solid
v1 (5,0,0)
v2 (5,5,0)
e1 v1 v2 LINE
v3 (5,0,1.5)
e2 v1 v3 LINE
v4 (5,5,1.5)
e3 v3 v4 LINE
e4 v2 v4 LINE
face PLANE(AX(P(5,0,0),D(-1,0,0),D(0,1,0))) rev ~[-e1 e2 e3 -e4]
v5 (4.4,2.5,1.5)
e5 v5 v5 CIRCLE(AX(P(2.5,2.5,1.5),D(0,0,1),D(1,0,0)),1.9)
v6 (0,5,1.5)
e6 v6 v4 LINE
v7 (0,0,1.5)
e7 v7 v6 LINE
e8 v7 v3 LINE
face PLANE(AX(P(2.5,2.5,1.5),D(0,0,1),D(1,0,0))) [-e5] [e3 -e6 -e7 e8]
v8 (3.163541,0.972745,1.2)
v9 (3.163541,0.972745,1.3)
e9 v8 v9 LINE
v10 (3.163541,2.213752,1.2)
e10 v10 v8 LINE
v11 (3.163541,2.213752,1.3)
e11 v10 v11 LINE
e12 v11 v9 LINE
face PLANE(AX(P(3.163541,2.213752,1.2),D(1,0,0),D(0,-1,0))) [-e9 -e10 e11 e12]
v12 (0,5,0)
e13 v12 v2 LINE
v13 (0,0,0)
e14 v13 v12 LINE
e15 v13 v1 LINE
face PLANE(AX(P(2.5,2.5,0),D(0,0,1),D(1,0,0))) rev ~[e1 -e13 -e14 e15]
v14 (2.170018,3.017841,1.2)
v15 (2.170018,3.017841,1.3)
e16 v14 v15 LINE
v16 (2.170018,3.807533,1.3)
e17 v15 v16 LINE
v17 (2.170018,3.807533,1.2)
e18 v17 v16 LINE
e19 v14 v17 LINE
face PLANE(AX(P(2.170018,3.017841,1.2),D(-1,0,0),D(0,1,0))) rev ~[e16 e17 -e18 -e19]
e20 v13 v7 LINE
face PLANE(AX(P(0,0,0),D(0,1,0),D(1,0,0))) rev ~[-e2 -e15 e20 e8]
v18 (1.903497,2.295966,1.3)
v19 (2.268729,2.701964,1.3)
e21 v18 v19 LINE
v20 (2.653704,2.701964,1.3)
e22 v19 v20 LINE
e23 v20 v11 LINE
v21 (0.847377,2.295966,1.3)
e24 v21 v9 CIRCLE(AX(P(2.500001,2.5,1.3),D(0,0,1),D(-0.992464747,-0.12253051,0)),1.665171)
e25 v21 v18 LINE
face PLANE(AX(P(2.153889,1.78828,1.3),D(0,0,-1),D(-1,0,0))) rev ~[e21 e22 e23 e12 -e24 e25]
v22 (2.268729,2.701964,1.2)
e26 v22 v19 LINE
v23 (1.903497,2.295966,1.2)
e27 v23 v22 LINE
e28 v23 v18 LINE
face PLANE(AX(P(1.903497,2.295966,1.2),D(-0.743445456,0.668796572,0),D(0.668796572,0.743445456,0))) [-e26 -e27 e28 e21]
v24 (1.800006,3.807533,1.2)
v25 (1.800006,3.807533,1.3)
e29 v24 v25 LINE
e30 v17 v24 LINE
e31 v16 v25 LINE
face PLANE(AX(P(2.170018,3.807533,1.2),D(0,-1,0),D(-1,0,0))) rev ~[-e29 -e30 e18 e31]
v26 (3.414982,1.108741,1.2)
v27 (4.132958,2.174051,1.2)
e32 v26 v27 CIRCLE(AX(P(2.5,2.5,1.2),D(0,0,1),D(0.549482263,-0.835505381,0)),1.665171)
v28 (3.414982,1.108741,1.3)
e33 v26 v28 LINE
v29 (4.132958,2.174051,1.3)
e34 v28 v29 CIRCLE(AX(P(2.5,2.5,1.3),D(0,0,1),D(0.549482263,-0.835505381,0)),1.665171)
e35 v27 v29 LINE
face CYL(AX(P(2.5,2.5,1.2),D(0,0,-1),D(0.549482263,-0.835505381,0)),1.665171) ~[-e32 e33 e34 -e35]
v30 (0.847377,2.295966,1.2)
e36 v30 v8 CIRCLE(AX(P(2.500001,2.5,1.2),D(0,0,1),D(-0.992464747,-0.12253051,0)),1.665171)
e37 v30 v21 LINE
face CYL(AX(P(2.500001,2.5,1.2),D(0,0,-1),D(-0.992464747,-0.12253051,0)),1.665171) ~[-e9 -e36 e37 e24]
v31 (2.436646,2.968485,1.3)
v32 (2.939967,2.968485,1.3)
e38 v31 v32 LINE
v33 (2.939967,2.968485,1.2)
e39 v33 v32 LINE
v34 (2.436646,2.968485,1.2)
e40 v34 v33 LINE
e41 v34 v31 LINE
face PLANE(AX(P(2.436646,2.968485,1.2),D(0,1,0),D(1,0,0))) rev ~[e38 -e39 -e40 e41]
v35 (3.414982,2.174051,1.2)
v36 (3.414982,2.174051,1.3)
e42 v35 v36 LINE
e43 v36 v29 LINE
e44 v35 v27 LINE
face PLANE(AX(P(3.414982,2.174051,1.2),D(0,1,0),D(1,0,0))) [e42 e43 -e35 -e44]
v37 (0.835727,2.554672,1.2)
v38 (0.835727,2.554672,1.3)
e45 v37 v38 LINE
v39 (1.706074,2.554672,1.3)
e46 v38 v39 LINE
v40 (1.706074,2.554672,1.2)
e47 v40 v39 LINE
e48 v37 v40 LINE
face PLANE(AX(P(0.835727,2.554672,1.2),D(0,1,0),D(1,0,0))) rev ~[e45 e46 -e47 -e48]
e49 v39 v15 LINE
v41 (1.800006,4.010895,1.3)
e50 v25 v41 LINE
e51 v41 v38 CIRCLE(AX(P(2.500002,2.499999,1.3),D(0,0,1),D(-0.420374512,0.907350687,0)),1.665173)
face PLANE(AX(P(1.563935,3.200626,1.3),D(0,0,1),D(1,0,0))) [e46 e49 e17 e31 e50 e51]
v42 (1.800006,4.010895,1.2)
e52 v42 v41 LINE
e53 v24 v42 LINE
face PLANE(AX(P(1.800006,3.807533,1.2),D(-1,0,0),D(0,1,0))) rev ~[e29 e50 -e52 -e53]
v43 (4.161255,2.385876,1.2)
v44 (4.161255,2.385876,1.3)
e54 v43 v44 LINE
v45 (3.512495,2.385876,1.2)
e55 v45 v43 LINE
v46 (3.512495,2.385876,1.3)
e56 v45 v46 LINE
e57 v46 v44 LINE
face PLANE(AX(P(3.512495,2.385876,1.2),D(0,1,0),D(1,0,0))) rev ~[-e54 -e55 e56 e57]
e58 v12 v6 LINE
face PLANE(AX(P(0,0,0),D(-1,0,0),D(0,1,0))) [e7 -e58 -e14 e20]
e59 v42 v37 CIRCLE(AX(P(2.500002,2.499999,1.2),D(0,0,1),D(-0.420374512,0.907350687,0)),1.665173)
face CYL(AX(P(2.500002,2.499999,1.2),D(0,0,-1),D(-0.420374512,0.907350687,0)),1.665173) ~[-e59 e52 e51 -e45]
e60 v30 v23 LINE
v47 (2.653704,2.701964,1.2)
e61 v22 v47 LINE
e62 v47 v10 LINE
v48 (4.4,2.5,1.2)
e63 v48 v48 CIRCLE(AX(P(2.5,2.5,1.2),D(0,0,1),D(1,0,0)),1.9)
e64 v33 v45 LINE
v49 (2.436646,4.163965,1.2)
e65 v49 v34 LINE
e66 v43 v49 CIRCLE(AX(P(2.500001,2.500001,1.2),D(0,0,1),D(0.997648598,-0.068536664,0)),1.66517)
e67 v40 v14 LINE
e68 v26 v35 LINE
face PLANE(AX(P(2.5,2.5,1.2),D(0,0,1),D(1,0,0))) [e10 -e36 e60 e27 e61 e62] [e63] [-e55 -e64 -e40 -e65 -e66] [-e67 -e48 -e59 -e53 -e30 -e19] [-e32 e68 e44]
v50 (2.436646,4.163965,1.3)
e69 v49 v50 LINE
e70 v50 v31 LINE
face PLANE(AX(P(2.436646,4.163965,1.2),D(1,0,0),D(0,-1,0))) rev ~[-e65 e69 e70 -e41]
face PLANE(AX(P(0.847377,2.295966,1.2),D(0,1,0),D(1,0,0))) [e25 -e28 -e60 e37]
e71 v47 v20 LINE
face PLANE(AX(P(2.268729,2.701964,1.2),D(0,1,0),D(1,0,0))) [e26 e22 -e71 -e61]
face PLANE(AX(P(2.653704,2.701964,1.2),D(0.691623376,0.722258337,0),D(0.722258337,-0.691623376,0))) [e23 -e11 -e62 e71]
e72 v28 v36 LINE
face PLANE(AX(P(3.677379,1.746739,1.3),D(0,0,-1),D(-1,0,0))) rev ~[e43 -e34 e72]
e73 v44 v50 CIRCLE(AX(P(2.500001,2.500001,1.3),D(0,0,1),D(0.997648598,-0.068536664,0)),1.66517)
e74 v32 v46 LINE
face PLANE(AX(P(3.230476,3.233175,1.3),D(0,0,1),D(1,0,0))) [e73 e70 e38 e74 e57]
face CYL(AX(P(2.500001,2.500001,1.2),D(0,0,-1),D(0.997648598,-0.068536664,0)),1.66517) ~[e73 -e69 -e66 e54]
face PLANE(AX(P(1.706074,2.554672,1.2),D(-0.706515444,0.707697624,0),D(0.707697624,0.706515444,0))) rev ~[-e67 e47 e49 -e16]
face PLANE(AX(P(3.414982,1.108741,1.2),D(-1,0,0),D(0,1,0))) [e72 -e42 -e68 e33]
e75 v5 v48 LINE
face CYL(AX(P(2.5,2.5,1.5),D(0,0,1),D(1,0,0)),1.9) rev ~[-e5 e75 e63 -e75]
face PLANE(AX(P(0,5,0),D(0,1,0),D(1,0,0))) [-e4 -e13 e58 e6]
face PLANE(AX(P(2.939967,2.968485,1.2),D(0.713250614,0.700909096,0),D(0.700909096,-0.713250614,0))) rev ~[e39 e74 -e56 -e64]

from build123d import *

# Parameters (mm, degrees)
SKETCH_W     = 5
SKETCH_H     = 5
PAD_DEPTH    = 1.5
SKETCH001_R  = 1.9
POCKET_DEPTH = 0.3
PAD001_DEPTH = 0.1


with BuildPart() as part:
    # Sketch → Pad (new body)
    with BuildSketch(Plane.XY):
        with Locations((2.5, 2.5)):
            Rectangle(SKETCH_W, SKETCH_H)
    extrude(amount=PAD_DEPTH)

    # Sketch001 → Pocket (cut)
    with BuildSketch(Plane.XY.offset(1.5)):
        with Locations((2.5, 2.5)):
            Circle(SKETCH001_R)
    extrude(amount=-POCKET_DEPTH, mode=Mode.SUBTRACT)

    # Sketch002 → Pad001 (new body)
    with BuildSketch(Plane.XY.offset(1.2)):
        with BuildLine():
            Line((0.835727, 2.554672), (1.706074, 2.554672))
            Line((1.706074, 2.554672), (2.170018, 3.017841))
            Line((2.170018, 3.017841), (2.170018, 3.807533))
            Line((2.170018, 3.807533), (1.800006, 3.807533))
            Line((1.800006, 3.807533), (1.800006, 4.010895))
            ThreePointArc((1.800006, 4.010895), (1.111625, 3.419352), (0.835727, 2.554672))
        make_face()
        with BuildLine():
            Line((2.436646, 4.163965), (2.436646, 2.968485))
            Line((2.436646, 2.968485), (2.939967, 2.968485))
            Line((2.939967, 2.968485), (3.512495, 2.385876))
            Line((3.512495, 2.385876), (4.161255, 2.385876))
            ThreePointArc((4.161255, 2.385876), (3.695292, 3.659341), (2.436646, 4.163965))
        make_face()
        with BuildLine():
            Line((0.847377, 2.295966), (1.903497, 2.295966))
            Line((1.903497, 2.295966), (2.268729, 2.701964))
            Line((2.268729, 2.701964), (2.653704, 2.701964))
            Line((2.653704, 2.701964), (3.163541, 2.213752))
            Line((3.163541, 2.213752), (3.163541, 0.972745))
            ThreePointArc((0.847377, 2.295966), (1.673986, 1.054146), (3.163541, 0.972745))
        make_face()
        with BuildLine():
            Line((3.414982, 1.108741), (3.414982, 2.174051))
            Line((3.414982, 2.174051), (4.132958, 2.174051))
            ThreePointArc((3.414982, 1.108741), (3.880841, 1.56937), (4.132958, 2.174051))
        make_face()
    extrude(amount=PAD001_DEPTH)


solid = part.part
